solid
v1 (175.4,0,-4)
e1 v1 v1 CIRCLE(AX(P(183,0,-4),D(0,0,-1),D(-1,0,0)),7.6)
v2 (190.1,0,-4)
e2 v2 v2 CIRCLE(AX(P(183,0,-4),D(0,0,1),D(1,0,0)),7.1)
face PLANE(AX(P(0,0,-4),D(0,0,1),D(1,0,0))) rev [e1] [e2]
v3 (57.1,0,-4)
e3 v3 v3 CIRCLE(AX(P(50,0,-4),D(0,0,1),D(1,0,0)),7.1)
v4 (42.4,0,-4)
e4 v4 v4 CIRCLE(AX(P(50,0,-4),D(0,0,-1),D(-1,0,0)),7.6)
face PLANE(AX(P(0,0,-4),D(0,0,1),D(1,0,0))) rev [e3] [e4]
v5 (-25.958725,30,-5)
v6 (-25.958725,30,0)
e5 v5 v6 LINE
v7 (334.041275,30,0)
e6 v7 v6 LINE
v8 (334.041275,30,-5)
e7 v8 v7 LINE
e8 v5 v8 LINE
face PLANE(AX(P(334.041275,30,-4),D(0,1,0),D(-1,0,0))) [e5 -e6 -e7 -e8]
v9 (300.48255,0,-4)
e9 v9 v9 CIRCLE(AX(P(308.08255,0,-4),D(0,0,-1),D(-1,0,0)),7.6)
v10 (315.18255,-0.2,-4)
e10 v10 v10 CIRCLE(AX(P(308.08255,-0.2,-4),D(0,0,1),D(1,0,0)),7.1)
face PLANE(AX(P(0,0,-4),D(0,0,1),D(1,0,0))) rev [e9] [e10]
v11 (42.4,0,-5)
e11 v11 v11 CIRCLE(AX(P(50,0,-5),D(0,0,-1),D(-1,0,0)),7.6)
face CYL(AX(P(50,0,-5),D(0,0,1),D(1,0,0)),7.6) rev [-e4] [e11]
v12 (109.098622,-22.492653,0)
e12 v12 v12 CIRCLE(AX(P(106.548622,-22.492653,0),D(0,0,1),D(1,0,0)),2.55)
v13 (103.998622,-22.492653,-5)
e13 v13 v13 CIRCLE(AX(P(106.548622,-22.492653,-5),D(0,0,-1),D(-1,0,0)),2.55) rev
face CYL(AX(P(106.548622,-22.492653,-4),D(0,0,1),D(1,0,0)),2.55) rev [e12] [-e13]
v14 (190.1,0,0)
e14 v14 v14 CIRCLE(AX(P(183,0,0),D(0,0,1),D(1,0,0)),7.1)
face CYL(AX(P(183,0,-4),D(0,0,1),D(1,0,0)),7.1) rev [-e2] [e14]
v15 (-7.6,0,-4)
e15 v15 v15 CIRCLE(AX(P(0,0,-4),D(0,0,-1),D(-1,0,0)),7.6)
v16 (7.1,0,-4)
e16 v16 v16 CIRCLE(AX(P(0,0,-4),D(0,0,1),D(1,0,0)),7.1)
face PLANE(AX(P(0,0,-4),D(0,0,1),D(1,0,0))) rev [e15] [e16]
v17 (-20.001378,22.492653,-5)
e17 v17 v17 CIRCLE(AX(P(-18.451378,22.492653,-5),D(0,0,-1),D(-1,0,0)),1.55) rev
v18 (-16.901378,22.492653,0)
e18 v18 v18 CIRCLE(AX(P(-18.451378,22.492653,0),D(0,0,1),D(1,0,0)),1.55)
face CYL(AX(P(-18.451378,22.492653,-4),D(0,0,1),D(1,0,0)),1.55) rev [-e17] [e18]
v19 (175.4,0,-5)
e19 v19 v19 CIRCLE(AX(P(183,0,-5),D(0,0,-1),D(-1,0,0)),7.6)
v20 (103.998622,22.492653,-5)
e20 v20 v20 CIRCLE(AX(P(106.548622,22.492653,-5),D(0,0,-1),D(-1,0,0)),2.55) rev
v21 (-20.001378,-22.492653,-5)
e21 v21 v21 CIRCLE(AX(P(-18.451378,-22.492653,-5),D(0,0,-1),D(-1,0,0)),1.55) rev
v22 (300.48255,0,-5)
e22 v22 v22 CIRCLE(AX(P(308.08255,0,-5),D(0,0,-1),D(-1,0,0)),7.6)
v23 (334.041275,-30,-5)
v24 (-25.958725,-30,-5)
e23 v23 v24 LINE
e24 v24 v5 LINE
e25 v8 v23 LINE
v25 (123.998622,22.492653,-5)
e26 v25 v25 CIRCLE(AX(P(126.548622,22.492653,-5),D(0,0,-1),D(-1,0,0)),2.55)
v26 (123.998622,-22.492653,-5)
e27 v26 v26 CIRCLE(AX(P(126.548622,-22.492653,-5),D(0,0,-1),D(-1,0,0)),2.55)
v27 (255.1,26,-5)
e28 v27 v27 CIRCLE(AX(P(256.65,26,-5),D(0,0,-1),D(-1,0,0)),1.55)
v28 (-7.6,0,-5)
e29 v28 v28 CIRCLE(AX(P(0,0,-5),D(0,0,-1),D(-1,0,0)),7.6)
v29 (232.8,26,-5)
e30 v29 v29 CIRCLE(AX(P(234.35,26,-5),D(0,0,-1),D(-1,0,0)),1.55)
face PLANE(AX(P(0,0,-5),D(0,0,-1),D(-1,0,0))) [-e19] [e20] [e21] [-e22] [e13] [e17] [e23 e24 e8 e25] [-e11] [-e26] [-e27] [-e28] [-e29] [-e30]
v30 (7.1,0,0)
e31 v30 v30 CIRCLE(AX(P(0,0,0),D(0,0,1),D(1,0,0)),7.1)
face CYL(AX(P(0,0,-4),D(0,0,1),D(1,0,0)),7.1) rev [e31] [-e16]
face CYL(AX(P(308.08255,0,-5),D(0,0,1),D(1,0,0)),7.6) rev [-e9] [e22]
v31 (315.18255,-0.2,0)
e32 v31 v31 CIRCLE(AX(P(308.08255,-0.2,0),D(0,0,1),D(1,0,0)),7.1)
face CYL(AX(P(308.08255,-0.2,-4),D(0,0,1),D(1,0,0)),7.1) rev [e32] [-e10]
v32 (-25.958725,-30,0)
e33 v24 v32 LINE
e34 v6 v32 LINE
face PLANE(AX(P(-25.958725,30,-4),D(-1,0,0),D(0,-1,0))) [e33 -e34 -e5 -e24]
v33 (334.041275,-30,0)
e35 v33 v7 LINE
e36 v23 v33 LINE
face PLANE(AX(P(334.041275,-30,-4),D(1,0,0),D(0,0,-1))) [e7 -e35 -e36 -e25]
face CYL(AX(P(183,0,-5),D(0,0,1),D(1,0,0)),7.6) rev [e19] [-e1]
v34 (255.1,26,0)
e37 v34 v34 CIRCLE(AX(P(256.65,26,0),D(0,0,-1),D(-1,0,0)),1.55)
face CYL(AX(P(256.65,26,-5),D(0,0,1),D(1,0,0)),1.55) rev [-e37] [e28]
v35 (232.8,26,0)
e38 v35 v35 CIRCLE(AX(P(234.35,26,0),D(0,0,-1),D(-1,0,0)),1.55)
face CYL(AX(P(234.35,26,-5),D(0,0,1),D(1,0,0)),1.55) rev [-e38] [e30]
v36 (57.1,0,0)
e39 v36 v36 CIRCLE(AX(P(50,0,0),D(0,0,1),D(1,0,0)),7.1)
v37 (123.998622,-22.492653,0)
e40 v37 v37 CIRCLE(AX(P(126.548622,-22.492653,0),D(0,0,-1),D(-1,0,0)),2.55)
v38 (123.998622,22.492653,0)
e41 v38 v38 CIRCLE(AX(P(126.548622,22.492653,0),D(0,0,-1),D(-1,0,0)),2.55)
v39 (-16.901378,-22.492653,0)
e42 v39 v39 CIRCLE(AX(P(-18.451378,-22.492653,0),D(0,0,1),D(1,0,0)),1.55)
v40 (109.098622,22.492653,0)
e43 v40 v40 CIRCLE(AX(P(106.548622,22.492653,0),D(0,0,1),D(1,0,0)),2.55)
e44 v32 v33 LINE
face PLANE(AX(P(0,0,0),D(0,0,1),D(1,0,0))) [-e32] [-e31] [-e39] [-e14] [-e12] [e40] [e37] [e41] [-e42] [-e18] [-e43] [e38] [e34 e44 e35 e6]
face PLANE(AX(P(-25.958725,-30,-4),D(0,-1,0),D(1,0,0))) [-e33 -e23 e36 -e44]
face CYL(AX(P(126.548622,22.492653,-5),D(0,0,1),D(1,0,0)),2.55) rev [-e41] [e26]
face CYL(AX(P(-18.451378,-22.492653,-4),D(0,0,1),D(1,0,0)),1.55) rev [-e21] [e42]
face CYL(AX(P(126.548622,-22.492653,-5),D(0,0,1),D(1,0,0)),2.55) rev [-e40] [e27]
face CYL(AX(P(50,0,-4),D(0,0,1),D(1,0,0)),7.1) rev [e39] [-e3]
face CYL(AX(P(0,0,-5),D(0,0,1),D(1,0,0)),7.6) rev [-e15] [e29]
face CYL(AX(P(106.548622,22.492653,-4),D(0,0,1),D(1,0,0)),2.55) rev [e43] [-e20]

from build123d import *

# Parameters (mm, degrees)
SKETCH1_W           = 360
SKETCH1_H           = 60
SKETCH1_R           = 7.1
SKETCH1_R_2         = 1.55
SKETCH1_R_3         = 2.55
BOSS_EXTRUDE1_DEPTH = 4
SKETCH2_W           = 360
SKETCH2_H           = 60
SKETCH2_R           = 2.55
SKETCH2_R_2         = 1.55
SKETCH2_R_3         = 7.6
BOSS_EXTRUDE2_DEPTH = 1
CUT_EXTRUDE1_START  = -4
SKETCH2_3_R         = 2.55
SKETCH2_3_R_2       = 1.55
CUT_EXTRUDE1_DEPTH  = 4


with BuildPart() as part:
    # Sketch1 → Boss-Extrude1 (new body)
    with BuildSketch(Plane.XY):
        with Locations((154.041275094, 0)):
            Rectangle(SKETCH1_W, SKETCH1_H)
        with Locations((308.082550187, -0.2)):
            Circle(SKETCH1_R, mode=Mode.SUBTRACT)
        with Locations((-18.451377883, 22.492652976)):
            Circle(SKETCH1_R_2, mode=Mode.SUBTRACT)
        Circle(SKETCH1_R, mode=Mode.SUBTRACT)
        with Locations((-18.451377883, -22.492652976)):
            Circle(SKETCH1_R_2, mode=Mode.SUBTRACT)
        with Locations((50, 0)):
            Circle(SKETCH1_R, mode=Mode.SUBTRACT)
        with Locations((183, 0)):
            Circle(SKETCH1_R, mode=Mode.SUBTRACT)
        with Locations((106.548622117, -22.492652976)):
            Circle(SKETCH1_R_3, mode=Mode.SUBTRACT)
        with Locations((106.548622117, 22.492652976)):
            Circle(SKETCH1_R_3, mode=Mode.SUBTRACT)
    extrude(amount=-BOSS_EXTRUDE1_DEPTH)

    # Sketch2 → Boss-Extrude2 (add)
    with BuildSketch(Plane(origin=(0, 0, -4), x_dir=(-1, 0, 0), z_dir=(0, 0, -1))):
        with Locations((-154.041275094, 0)):
            Rectangle(SKETCH2_W, SKETCH2_H)
        with Locations((-126.548622117, -22.492652976)):
            Circle(SKETCH2_R, mode=Mode.SUBTRACT)
        with Locations(Location((-106.548622117, -22.492652976, 0), (0, 0, 180))):
            Circle(SKETCH2_R, mode=Mode.SUBTRACT)
        with Locations(Location((18.451377883, -22.492652976, 0), (0, 0, 180))):
            Circle(SKETCH2_R_2, mode=Mode.SUBTRACT)
        Circle(SKETCH2_R_3, mode=Mode.SUBTRACT)
        with Locations((-308.082550187, 0)):
            Circle(SKETCH2_R_3, mode=Mode.SUBTRACT)
        with Locations((-183, 0)):
            Circle(SKETCH2_R_3, mode=Mode.SUBTRACT)
        with Locations((-256.65, 26)):
            Circle(SKETCH2_R_2, mode=Mode.SUBTRACT)
        with Locations((-234.35, 26)):
            Circle(SKETCH2_R_2, mode=Mode.SUBTRACT)
        with Locations((-50, 0)):
            Circle(SKETCH2_R_3, mode=Mode.SUBTRACT)
        with Locations((-126.548622117, 22.492652976)):
            Circle(SKETCH2_R, mode=Mode.SUBTRACT)
        with Locations(Location((-106.548622117, 22.492652976, 0), (0, 0, 180))):
            Circle(SKETCH2_R, mode=Mode.SUBTRACT)
        with Locations(Location((18.451377883, 22.492652976, 0), (0, 0, 180))):
            Circle(SKETCH2_R_2, mode=Mode.SUBTRACT)
    extrude(amount=BOSS_EXTRUDE2_DEPTH)

    # Sketch2<3> → Cut-Extrude1 (cut)
    with BuildSketch(Plane(origin=(0, 0, -4), x_dir=(-1, 0, 0), z_dir=(0, 0, -1)).offset(CUT_EXTRUDE1_START)):
        with Locations((-126.548622117, 22.492652976)):
            Circle(SKETCH2_3_R)
        with Locations((-126.548622117, -22.492652976)):
            Circle(SKETCH2_3_R)
        with Locations((-256.65, 26)):
            Circle(SKETCH2_3_R_2)
        with Locations((-234.35, 26)):
            Circle(SKETCH2_3_R_2)
    extrude(amount=CUT_EXTRUDE1_DEPTH, mode=Mode.SUBTRACT)


solid = part.part
